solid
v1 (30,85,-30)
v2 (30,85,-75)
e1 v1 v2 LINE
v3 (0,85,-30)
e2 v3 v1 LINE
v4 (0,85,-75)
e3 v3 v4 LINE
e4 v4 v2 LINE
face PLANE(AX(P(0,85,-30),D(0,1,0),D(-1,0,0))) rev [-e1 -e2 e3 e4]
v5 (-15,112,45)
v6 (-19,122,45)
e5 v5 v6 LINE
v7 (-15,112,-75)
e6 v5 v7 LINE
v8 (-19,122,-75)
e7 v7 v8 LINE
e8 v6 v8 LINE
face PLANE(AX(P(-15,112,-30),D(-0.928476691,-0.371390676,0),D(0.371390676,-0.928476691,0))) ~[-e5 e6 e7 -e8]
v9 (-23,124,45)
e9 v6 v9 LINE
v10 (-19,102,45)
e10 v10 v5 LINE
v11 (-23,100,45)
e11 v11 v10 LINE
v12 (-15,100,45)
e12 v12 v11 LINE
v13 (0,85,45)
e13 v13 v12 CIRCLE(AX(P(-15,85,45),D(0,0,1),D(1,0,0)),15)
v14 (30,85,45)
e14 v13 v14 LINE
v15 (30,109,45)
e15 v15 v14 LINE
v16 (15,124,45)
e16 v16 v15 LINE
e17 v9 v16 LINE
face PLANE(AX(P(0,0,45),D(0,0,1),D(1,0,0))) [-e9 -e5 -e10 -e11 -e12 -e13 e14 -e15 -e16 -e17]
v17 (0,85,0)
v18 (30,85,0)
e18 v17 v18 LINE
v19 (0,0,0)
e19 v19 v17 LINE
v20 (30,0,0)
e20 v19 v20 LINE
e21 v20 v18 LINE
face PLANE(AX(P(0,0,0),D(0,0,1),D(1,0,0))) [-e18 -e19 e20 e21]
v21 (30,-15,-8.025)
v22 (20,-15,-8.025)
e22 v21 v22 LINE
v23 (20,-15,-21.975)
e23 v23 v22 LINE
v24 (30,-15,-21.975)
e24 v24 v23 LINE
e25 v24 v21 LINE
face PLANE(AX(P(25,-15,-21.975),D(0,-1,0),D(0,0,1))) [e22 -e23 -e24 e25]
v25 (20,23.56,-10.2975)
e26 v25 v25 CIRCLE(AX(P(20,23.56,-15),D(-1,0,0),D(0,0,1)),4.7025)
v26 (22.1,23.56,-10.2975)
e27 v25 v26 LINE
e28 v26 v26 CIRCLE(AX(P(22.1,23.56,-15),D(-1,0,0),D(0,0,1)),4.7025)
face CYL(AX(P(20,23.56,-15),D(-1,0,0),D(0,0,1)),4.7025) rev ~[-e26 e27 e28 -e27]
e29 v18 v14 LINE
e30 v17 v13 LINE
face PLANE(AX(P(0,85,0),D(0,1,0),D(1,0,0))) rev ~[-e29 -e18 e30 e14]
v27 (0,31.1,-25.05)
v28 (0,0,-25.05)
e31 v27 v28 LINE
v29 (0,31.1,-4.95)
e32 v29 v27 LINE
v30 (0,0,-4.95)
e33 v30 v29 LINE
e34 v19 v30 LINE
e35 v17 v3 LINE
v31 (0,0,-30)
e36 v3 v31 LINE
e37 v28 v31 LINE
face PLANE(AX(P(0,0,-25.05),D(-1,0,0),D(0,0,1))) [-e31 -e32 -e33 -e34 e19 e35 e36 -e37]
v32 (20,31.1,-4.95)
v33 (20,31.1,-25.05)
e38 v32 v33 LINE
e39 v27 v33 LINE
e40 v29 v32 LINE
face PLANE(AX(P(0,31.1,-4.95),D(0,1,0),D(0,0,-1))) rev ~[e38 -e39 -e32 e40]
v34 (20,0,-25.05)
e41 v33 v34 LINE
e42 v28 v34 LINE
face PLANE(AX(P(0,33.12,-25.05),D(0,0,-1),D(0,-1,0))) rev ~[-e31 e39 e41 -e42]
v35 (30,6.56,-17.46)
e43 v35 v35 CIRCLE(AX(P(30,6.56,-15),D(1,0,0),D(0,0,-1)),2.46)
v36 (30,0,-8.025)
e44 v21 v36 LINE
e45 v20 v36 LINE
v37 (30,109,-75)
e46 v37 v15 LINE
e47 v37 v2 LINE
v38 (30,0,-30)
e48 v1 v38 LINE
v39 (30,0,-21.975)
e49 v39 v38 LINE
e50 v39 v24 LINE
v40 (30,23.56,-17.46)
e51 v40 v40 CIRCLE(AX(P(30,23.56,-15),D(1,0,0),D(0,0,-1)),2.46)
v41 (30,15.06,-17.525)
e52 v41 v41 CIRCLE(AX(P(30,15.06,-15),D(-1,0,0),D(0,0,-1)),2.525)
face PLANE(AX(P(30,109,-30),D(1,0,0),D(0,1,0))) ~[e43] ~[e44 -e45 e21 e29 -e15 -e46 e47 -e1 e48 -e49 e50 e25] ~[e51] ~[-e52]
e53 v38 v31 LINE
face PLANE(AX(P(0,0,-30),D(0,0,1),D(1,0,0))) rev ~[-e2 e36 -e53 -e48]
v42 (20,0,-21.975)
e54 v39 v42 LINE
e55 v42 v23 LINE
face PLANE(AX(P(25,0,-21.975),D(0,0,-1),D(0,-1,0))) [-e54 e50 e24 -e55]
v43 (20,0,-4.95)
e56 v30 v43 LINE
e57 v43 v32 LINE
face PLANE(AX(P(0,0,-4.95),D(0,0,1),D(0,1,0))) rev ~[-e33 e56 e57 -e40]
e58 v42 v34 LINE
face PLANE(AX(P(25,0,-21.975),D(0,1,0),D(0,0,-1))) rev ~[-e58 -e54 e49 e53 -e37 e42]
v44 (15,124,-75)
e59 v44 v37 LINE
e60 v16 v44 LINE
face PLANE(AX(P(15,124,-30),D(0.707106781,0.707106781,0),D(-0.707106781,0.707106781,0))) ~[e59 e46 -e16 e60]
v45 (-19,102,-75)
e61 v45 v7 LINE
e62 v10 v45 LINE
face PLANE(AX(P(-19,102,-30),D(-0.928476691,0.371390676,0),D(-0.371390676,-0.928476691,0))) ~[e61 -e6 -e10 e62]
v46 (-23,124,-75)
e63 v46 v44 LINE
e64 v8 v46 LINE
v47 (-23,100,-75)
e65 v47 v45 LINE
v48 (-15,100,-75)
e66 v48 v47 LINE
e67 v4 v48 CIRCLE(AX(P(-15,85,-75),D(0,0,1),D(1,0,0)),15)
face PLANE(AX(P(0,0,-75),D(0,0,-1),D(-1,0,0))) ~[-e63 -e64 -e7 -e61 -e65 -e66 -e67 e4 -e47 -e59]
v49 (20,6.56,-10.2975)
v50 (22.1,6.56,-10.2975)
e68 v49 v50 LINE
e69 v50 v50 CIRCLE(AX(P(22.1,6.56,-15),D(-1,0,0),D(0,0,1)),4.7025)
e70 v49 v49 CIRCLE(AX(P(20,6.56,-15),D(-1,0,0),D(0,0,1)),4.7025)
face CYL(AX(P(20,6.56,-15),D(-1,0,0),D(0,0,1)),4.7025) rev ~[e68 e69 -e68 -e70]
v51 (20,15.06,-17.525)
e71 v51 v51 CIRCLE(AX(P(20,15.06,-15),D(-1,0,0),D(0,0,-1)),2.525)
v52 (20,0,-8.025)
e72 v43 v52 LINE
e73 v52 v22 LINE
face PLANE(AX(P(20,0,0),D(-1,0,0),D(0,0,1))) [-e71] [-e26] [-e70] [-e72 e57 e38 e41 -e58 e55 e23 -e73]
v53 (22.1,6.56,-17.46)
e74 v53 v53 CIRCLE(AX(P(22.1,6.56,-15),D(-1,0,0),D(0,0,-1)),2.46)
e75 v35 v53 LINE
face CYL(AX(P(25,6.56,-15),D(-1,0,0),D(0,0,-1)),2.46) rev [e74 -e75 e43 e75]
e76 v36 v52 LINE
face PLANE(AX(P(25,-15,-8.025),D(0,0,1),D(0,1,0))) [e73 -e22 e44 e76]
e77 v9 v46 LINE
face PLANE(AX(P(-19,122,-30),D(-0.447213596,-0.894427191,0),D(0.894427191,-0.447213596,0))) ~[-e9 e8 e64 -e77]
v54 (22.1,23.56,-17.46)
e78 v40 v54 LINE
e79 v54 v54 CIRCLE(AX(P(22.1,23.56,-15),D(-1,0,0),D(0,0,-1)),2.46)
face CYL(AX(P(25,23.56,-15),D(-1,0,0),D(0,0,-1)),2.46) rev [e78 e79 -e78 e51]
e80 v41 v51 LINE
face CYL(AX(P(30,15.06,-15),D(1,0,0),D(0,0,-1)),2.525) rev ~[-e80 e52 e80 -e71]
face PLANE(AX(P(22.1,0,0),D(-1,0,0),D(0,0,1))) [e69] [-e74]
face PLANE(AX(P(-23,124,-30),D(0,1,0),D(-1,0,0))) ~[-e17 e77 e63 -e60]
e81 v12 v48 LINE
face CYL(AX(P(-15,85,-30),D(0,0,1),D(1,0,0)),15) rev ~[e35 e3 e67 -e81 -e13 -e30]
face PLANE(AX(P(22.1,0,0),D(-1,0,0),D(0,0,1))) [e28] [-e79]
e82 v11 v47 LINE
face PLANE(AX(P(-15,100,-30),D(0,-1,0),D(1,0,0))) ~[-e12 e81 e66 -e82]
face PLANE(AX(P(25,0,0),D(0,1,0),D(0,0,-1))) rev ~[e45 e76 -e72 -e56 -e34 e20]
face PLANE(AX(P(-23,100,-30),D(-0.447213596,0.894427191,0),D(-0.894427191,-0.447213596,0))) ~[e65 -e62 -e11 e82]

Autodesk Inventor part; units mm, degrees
ref_plane "YZ Plane" through (0, 0, 0) normal (1, 0, 0) x (0, 1, 0)
ref_plane "XZ Plane" through (0, 0, 0) normal (0, 1, 0) x (-1, 0, 0)
sketch "Sketch1" plane through (0, 0, 0) normal (0, 0, 1) x (1, 0, 0)
  line L0 (0, 0) -> (25, 0)
  line L1 (25, 0) -> (25, 40)
  line L2 (25, 40) -> (0, 40)
  line L3 (0, 40) -> (0, 0)
  dimension "d1" = 25
  dimension "d2" = 40
  dimension "d3" = 25
extrude "Extrusion1" add sketch "Sketch1" against normal blind 30
sketch "Sketch2" plane through (25, 0, 0) normal (1, 0, 0) x (0, 0, -1)
  line L0 (0, 0) -> (30, 0) projected
  circle A0 centre (15, 6.56) radius 2.46
extrude "Extrusion2" cut sketch "Sketch2" against normal blind 30
sketch "Sketch3" plane through (0, 0, 0) normal (-1, 0, 0) x (0, 0, 1)
  line L0 (0, 0) -> (-30, 0) projected
  line L1 (-25.05, 0) -> (-4.95, 0)
  line L2 (-4.95, 0) -> (-4.95, 33.12)
  line L3 (-4.95, 33.12) -> (-25.05, 33.12)
  line L4 (-25.05, 33.12) -> (-25.05, 0)
  dimension "d11" = 20.1
extrude "Extrusion3" cut sketch "Sketch3" against normal blind 20
sketch "Sketch4" plane through (0, 0, 0) normal (0, -1, 0) x (1, 0, 0)
  line L0 (20, -4.95) -> (20, -25.05) projected
  line L1 (20, -15) -> (25, -15)
  line L2 (25, 0) -> (25, -30) projected
  line L3 (20, -8.025) -> (25, -8.025)
  line L4 (25, -8.025) -> (25, -21.975)
  line L5 (25, -21.975) -> (20, -21.975)
  line L6 (20, -21.975) -> (20, -8.025)
  line L7 (20, -8.025) -> (25, -21.975) construction
  line L8 (25, -8.025) -> (20, -21.975) construction
  line L9 (25, -12.54) -> (25, -17.46) projected
  point P0 (0, 0)
  point P1 (22.5, -15)
  dimension "d14" = 13.95
extrude "Extrusion4" add sketch "Sketch4" along normal blind 15
sketch "Sketch5" plane through (20, 0, 0) normal (-1, 0, 0) x (0, 0, 1)
  circle A0 centre (-15, 6.56) radius 2.46 projected
  circle A1 centre (-15, 6.56) radius 4.7025
  circle A2 centre (-15, 6.56) radius 2.46 projected
  circle A3 centre (-15, 6.56) radius 2.46
  point P0 (0, 0)
  dimension "d17" = 9.405
extrude "Extrusion5" cut sketch "Sketch5" against normal blind 2.1
sketch "Sketch6" plane through (25, 0, 0) normal (1, 0, 0) x (0, 0, -1)
  circle A0 centre (15, 6.56) radius 4.7025 projected
  line L0 (15, 6.56) -> (15, 23.56)
  circle A1 centre (15, 23.56) radius 2.46
  point P0 (0, 0)
  dimension "d20" = 17
  dimension "d21" = 4.92
extrude "Extrusion6" cut sketch "Sketch6" against normal blind 10 contours A1
sketch "Sketch7" plane through (20, 0, 0) normal (-1, 0, 0) x (0, 0, 1)
  circle A0 centre (-15, 23.56) radius 2.46 projected
  circle A1 centre (-15, 23.56) radius 4.7025
  point P0 (0, 0)
  dimension "d24" = 9.405
extrude "Extrusion7" cut sketch "Sketch7" against normal blind 2.1
sketch "Sketch9" plane through (25, 0, 0) normal (1, 0, 0) x (0, 0, -1)
  circle A0 centre (15, 6.56) radius 2.46 projected
  circle A1 centre (15, 6.56) radius 2.46
  circle A2 centre (15, 23.56) radius 2.46 projected
  circle A3 centre (15, 23.56) radius 2.46
  line L0 (30, 40) -> (30, 0) projected
  line L1 (30, 0) -> (30, 40)
  line L2 (30, 40) -> (0, 40)
  line L3 (0, 40) -> (0, 0)
  line L4 (0, 0) -> (8.025, 0) projected
  line L5 (21.975, 0) -> (21.975, -15)
  line L6 (21.975, -15) -> (8.025, -15)
  line L7 (8.025, -15) -> (8.025, 0)
  line L8 (0, 0) -> (8.025, 0)
  line L9 (21.975, 0) -> (30, 0)
extrude "Extrusion8" add sketch "Sketch9" along normal blind 5
sketch "Sketch10" plane through (0, 40, 0) normal (0, 1, 0) x (1, 0, 0)
  line L0 (0, 30) -> (30, 30) projected
  line L1 (30, 0) -> (0, 0) projected
  line L2 (0, 30) -> (30, 30)
  line L3 (30, 30) -> (30, 0)
  line L4 (30, 0) -> (0, 0)
  line L5 (0, 0) -> (0, 30)
extrude "Extrusion9" add sketch "Sketch10" along normal blind 30
sketch "Sketch12" plane through (30, 0, 0) normal (1, 0, 0) x (0, 0, -1)
  circle A0 centre (15, 6.56) radius 2.46 projected
  line L0 (15, 6.56) -> (15, 15.06)
  circle A1 centre (15, 15.06) radius 2.525
  point P0 (0, 0)
  dimension "d31" = 8.5
  dimension "d33" = 5.05
extrude "Extrusion10" cut sketch "Sketch12" against normal blind 30 contours A1
sketch "Sketch14" plane through (0, 0, 0) normal (0, 0, 1) x (1, 0, 0)
  line L0 (30, 70) -> (0, 70) projected
  line L1 (0, 70) -> (0, 85)
  line L2 (-15, 100) -> (-23, 100)
  line L3 (30, 0) -> (30, 70) projected
  line L4 (30, 109) -> (30, 70)
  arc A0 (0, 85) -> (-15, 100) centre (-15, 85) ccw
  line L5 (30, 105) -> (30, 100)
  line L6 (-23, 124) -> (15, 124)
  line L7 (-19, 122) -> (-23, 124)
  line L8 (-19, 122) -> (-15, 112)
  line L9 (-19, 102) -> (-23, 100)
  line L10 (-19, 102) -> (-15, 112)
  line L11 (30, 109) -> (15, 124)
  point P0 (0, 0)
  point P1 (0, 100)
  dimension "d47" = 30
  dimension "d54" = 15
extrude "Extrusion12" add sketch "Sketch14" against normal blind 30
sketch "Sketch15" plane through (0, 0, -25.05) normal (-1, 0, 0) x (0, 0, 1)
  line L0 (0, 33.12) -> (20.1, 33.12) projected
  line L1 (20.1, 33.12) -> (20.1, 0) projected
  line L2 (0, 33.12) -> (20.1, 33.12)
  line L3 (20.1, 33.12) -> (20.1, 31.1)
  line L4 (20.1, 31.1) -> (0, 31.1)
  line L5 (0, 31.1) -> (0, 33.12)
  point P0 (25.05, 0)
  dimension "d57" = 2.02
extrude "Extrusion13" add sketch "Sketch15" against normal blind 20
sketch "Sketch19" plane through (0, 0, 0) normal (0, 0, 1) x (1, 0, 0)
  arc A0 (0, 85) -> (-15, 100) centre (-15, 85) ccw projected
  arc A1 (0, 85) -> (-15, 100) centre (-15, 85) ccw
  line L0 (-15, 100) -> (-23, 100) projected
  line L1 (-15, 100) -> (-23, 100)
  line L2 (-23, 100) -> (-19, 102) projected
  line L3 (-23, 100) -> (-19, 102)
  line L4 (-19, 102) -> (-15, 112) projected
  line L5 (-19, 102) -> (-15, 112)
  line L6 (-15, 112) -> (-19, 122) projected
  line L7 (-15, 112) -> (-19, 122)
  line L8 (-19, 122) -> (-23, 124) projected
  line L9 (-19, 122) -> (-23, 124)
  line L10 (-23, 124) -> (15, 124) projected
  line L11 (-23, 124) -> (15, 124)
  line L12 (15, 124) -> (30, 109) projected
  line L13 (15, 124) -> (30, 109)
  line L14 (30, 109) -> (30, 85)
  line L15 (30, 0) -> (30, 109) projected
  line L16 (0, 85) -> (30, 85)
  point P0 (0, 0)
extrude "Extrusion14" add sketch "Sketch19" along normal blind 45
ref_plane "Work Plane1" through (0, 0, -15) normal (0, 0, 1) x (1, 0, 0)
mirror "Mirror1" about plane through (0, 0, -15) normal (0, 0, 1) of "Extrusion14"
properties part number "20mm_x_120mm"
